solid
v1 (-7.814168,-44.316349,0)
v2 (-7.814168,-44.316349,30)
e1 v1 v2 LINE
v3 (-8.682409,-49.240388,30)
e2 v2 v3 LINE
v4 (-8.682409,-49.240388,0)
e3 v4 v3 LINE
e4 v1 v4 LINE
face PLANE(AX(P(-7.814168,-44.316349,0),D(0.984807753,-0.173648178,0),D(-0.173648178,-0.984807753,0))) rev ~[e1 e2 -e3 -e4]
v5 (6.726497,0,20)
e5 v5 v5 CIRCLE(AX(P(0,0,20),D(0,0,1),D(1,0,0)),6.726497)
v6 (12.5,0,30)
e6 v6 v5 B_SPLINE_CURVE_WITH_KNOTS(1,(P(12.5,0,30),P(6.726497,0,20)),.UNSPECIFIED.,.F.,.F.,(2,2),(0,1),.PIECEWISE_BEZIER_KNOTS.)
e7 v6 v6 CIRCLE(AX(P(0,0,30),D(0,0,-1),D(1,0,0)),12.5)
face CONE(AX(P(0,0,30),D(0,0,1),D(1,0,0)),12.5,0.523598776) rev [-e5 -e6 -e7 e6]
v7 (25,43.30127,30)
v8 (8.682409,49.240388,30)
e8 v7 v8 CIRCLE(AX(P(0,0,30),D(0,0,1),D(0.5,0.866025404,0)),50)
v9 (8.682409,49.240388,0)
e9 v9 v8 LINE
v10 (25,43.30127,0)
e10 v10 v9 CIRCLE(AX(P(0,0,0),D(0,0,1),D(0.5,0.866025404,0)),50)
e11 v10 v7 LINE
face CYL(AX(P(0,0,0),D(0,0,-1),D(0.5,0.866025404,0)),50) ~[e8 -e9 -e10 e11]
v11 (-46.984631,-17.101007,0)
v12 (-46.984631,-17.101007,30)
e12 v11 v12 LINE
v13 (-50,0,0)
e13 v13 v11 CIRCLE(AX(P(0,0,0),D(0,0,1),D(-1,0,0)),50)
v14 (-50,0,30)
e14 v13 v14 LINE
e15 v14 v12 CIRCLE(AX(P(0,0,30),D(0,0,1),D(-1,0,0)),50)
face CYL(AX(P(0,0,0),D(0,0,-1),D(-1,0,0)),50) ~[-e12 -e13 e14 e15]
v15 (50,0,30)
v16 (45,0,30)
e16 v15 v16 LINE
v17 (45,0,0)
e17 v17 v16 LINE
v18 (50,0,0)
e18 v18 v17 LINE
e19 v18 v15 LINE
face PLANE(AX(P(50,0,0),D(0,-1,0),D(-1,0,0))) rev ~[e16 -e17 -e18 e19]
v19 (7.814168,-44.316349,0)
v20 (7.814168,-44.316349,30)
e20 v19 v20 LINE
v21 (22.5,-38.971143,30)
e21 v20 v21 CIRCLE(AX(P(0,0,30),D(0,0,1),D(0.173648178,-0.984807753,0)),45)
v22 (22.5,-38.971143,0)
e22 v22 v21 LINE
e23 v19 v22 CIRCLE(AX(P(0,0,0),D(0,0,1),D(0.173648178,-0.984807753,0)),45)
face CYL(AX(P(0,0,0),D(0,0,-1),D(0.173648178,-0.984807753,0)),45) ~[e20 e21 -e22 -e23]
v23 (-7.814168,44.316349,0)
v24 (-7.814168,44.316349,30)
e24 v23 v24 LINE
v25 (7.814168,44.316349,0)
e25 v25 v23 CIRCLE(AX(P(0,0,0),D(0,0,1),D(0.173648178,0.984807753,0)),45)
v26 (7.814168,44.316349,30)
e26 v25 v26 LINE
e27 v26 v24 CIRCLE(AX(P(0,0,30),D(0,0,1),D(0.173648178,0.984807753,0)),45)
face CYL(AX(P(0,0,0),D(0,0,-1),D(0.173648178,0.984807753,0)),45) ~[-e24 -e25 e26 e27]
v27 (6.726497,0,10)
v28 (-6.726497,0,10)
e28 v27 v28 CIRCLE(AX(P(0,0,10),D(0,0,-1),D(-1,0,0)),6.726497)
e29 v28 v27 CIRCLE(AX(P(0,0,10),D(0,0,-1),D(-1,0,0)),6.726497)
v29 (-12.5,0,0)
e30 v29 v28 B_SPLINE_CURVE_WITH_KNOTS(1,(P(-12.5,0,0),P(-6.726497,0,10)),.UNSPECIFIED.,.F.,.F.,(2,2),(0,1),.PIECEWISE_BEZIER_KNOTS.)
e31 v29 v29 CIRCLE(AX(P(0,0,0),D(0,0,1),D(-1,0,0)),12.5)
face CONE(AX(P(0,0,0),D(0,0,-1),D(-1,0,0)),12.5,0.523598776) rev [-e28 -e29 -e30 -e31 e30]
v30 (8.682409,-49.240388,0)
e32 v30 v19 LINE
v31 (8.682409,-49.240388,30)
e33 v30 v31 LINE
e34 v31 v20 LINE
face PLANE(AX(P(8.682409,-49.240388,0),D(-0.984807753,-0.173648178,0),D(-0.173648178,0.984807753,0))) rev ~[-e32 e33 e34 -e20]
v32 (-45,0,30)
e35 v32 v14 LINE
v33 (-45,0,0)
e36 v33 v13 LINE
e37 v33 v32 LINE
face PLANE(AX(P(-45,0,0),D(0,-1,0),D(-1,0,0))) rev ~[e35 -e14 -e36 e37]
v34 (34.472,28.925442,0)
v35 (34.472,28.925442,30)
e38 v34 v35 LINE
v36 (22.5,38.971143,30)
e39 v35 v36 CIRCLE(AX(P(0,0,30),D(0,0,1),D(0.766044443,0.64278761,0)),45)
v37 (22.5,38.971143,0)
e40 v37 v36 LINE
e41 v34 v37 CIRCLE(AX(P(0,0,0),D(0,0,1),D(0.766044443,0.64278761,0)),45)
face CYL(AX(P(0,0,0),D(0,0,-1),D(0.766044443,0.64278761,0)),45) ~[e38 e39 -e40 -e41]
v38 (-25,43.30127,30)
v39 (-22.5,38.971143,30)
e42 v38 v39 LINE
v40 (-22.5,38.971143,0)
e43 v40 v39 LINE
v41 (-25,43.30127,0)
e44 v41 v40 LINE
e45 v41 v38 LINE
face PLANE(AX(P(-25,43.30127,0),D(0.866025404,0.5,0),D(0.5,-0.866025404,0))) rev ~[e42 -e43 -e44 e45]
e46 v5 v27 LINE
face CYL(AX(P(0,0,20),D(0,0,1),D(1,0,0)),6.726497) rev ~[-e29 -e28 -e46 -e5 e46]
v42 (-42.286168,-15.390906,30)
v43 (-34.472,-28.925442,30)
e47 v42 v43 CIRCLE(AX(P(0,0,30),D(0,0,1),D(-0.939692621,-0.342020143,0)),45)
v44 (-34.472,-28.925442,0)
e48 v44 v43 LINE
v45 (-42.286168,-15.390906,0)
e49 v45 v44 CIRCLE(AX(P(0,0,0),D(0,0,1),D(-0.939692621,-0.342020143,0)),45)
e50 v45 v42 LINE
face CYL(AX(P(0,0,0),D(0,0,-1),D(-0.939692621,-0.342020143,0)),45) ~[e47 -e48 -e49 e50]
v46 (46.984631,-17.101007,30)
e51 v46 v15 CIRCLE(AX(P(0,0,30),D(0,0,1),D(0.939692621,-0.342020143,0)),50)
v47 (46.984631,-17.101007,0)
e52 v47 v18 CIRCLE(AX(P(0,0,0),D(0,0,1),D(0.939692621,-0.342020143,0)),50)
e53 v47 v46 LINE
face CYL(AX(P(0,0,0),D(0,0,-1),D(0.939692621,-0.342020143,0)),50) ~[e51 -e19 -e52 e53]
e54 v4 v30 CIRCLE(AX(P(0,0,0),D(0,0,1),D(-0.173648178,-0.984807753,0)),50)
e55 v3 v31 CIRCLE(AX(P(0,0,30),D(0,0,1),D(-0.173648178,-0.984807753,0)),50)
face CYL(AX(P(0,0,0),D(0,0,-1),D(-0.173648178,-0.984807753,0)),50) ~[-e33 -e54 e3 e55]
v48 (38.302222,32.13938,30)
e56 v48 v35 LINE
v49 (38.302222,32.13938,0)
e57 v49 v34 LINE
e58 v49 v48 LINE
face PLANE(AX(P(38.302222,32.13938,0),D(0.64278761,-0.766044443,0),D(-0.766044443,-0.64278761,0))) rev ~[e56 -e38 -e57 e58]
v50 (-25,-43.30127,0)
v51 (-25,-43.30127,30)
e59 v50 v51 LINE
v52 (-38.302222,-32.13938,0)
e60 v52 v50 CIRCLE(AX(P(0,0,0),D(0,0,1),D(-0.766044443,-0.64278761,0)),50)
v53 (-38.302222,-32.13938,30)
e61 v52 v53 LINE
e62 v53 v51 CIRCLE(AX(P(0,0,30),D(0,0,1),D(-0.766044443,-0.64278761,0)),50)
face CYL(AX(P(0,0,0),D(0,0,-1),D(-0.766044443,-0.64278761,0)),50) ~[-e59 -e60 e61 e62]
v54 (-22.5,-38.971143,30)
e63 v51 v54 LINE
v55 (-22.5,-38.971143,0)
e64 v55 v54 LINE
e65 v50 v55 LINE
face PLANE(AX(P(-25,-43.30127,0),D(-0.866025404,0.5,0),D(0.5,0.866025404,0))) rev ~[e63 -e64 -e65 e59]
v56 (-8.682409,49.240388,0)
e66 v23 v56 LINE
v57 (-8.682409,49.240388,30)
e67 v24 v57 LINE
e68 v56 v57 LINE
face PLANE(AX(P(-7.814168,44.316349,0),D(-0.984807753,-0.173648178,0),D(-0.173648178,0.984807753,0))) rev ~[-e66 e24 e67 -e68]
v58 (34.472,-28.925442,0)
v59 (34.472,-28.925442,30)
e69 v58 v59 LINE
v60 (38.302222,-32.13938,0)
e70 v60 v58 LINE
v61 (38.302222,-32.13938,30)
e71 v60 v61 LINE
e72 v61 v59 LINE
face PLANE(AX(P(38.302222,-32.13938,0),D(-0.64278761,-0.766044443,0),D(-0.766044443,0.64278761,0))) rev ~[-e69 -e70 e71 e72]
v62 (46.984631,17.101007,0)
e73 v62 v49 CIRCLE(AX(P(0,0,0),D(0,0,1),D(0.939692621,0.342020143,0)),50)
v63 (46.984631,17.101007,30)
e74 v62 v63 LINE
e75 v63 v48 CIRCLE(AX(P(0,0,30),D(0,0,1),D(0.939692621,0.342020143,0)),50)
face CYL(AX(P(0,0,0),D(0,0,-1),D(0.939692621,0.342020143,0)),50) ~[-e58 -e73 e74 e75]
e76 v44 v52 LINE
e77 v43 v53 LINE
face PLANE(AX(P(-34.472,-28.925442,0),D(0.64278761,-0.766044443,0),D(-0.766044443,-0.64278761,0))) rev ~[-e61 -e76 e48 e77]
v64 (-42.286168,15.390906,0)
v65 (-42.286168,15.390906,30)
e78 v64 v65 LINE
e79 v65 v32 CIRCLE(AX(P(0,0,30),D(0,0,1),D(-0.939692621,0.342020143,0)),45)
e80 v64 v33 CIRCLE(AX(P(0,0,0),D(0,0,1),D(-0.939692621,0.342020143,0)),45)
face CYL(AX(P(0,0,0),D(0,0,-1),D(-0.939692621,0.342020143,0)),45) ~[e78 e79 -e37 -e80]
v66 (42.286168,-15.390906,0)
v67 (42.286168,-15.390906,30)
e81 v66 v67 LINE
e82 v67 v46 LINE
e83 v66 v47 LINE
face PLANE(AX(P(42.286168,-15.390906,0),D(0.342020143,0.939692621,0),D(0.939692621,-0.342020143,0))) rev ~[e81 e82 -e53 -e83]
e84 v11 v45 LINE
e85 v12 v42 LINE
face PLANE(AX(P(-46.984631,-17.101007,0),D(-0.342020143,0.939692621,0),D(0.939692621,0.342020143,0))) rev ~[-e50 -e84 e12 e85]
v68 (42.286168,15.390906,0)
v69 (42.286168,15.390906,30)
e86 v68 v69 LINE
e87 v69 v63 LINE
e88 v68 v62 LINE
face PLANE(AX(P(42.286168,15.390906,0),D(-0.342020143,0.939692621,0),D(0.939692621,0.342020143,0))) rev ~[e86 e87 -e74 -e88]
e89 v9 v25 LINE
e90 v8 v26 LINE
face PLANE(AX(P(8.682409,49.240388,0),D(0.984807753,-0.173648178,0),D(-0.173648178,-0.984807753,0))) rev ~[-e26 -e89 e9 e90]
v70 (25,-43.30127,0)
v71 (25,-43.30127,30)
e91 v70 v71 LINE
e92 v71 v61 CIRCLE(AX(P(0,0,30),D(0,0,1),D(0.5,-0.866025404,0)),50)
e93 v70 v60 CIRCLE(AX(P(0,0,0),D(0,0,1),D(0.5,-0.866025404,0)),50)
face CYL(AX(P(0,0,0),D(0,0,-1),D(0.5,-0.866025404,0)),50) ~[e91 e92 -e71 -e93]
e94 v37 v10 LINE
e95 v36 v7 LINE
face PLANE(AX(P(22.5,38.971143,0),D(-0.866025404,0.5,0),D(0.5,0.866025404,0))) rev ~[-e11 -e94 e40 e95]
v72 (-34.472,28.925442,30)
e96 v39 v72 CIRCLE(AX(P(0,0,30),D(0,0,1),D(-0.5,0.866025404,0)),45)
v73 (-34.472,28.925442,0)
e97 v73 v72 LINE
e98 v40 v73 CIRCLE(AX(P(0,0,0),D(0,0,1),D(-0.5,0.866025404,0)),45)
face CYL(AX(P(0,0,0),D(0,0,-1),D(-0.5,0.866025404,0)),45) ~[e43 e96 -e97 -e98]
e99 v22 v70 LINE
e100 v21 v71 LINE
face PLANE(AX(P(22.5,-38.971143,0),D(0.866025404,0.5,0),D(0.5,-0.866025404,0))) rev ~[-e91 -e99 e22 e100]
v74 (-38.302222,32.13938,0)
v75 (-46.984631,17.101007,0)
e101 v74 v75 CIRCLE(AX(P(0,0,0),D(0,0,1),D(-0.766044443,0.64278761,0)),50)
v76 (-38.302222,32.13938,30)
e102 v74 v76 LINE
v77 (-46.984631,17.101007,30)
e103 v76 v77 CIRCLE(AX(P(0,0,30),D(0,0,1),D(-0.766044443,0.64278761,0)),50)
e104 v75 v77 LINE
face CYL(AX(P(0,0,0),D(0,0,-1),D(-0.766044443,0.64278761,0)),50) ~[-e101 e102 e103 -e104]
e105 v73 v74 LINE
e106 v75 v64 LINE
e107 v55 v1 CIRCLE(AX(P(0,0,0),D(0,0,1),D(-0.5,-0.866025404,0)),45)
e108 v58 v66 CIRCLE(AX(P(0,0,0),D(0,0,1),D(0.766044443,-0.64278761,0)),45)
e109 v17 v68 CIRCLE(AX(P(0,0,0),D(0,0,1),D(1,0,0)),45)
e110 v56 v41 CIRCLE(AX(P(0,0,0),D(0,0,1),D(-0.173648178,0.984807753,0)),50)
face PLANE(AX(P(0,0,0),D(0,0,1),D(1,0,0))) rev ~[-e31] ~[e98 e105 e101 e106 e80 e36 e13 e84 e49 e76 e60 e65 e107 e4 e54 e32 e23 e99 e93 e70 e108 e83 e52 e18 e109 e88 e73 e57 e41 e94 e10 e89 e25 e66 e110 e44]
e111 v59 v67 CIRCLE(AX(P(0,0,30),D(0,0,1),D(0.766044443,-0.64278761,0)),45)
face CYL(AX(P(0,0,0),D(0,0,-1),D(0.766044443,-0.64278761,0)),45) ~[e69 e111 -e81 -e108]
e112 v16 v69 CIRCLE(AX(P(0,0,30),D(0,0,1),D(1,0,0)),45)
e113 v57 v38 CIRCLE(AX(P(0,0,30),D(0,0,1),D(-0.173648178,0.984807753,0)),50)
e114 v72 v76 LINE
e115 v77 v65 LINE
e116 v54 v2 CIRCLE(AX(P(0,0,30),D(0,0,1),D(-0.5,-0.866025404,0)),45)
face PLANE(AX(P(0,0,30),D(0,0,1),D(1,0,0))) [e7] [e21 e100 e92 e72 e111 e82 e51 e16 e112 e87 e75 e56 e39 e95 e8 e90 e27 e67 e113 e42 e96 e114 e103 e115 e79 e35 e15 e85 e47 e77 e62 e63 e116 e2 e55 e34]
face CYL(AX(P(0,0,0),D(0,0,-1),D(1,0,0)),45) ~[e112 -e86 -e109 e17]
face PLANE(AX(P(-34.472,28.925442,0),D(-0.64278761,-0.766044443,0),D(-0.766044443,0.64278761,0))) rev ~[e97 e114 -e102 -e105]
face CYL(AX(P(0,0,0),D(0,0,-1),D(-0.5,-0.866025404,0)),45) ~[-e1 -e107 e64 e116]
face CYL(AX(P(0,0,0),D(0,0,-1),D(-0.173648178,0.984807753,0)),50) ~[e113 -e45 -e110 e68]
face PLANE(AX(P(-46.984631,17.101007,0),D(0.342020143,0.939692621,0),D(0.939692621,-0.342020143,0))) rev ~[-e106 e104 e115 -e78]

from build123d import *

# Parameters (mm, degrees)
BOSS_EXTRUDE1_DEPTH = 30
SKETCH_2_R          = 12.5
CUT_EXTRUDE1_DEPTH  = 10
CUT_EXTRUDE1_TAPER  = 30
SKETCH3_OUTSIDE_W   = 142.356
SKETCH3_OUTSIDE_H   = 141.596
SKETCH3_OUTSIDE_R   = 12.5
CUT_EXTRUDE4_DEPTH  = 10
CUT_EXTRUDE4_TAPER  = 30
SKETCH8_R           = 6.726497308
CUT_EXTRUDE5_DEPTH  = 60


with BuildPart() as part:
    # Sketch1 → Boss-Extrude1 (new body)
    with BuildSketch(Plane.XY):
        with BuildLine():
            Line((-7.814167995, 44.316348886), (-8.682408883, 49.240387651))
            ThreePointArc((-8.682408883, 49.240387651), (-17.101007166, 46.984631039), (-25, 43.301270189))
            Line((-25, 43.301270189), (-22.5, 38.97114317))
            ThreePointArc((-22.5, 38.97114317), (-28.925442436, 34.47199994), (-34.47199994, 28.925442436))
            Line((-34.47199994, 28.925442436), (-38.302222156, 32.139380484))
            ThreePointArc((-38.302222156, 32.139380484), (-43.301270189, 25), (-46.984631039, 17.101007166))
            Line((-46.984631039, 17.101007166), (-42.286167935, 15.39090645))
            ThreePointArc((-42.286167935, 15.39090645), (-44.316348886, 7.814167995), (-45, 0))
            Line((-45, 0), (-50, 0))
            ThreePointArc((-50, 0), (-49.240387651, -8.682408883), (-46.984631039, -17.101007166))
            Line((-46.984631039, -17.101007166), (-42.286167935, -15.39090645))
            ThreePointArc((-42.286167935, -15.39090645), (-38.97114317, -22.5), (-34.47199994, -28.925442436))
            Line((-34.47199994, -28.925442436), (-38.302222156, -32.139380484))
            ThreePointArc((-38.302222156, -32.139380484), (-32.139380484, -38.302222156), (-25, -43.301270189))
            Line((-25, -43.301270189), (-22.5, -38.97114317))
            ThreePointArc((-22.5, -38.97114317), (-15.39090645, -42.286167935), (-7.814167995, -44.316348886))
            Line((-7.814167995, -44.316348886), (-8.682408883, -49.240387651))
            ThreePointArc((-8.682408883, -49.240387651), (0, -50), (8.682408883, -49.240387651))
            Line((8.682408883, -49.240387651), (7.814167995, -44.316348886))
            ThreePointArc((7.814167995, -44.316348886), (15.39090645, -42.286167935), (22.5, -38.97114317))
            Line((22.5, -38.97114317), (25, -43.301270189))
            ThreePointArc((25, -43.301270189), (32.139380484, -38.302222156), (38.302222156, -32.139380484))
            Line((38.302222156, -32.139380484), (34.47199994, -28.925442436))
            ThreePointArc((34.47199994, -28.925442436), (38.97114317, -22.5), (42.286167935, -15.39090645))
            Line((42.286167935, -15.39090645), (46.984631039, -17.101007166))
            ThreePointArc((46.984631039, -17.101007166), (49.240387651, -8.682408883), (50, 0))
            Line((50, 0), (45, 0))
            ThreePointArc((45, 0), (44.316348886, 7.814167995), (42.286167935, 15.39090645))
            Line((42.286167935, 15.39090645), (46.984631039, 17.101007166))
            ThreePointArc((46.984631039, 17.101007166), (43.301270189, 25), (38.302222156, 32.139380484))
            Line((38.302222156, 32.139380484), (34.47199994, 28.925442436))
            ThreePointArc((34.47199994, 28.925442436), (28.925442436, 34.47199994), (22.5, 38.97114317))
            Line((22.5, 38.97114317), (25, 43.301270189))
            ThreePointArc((25, 43.301270189), (17.101007166, 46.984631039), (8.682408883, 49.240387651))
            Line((8.682408883, 49.240387651), (7.814167995, 44.316348886))
            ThreePointArc((7.814167995, 44.316348886), (0, 45), (-7.814167995, 44.316348886))
        make_face()
    extrude(amount=BOSS_EXTRUDE1_DEPTH)

    # Sketch 2 → Cut-Extrude1 (cut)
    with BuildSketch(Plane.XY.offset(30)):
        Circle(SKETCH_2_R)
    extrude(amount=-CUT_EXTRUDE1_DEPTH, taper=CUT_EXTRUDE1_TAPER, mode=Mode.SUBTRACT)

    # Sketch3 outside → Cut-Extrude4 (cut)
    with BuildSketch(Plane(origin=(0, 0, 0), x_dir=(-1, 0, 0), z_dir=(0, 0, -1))):
        with Locations((0, -0.38)):
            Rectangle(SKETCH3_OUTSIDE_W, SKETCH3_OUTSIDE_H)
        with BuildLine():
            Line((-7.814167995, 44.316348886), (-8.682408883, 49.240387651))
            ThreePointArc((-8.682408883, 49.240387651), (-17.101007166, 46.984631039), (-25, 43.301270189))
            Line((-25, 43.301270189), (-22.5, 38.97114317))
            ThreePointArc((-22.5, 38.97114317), (-28.925442436, 34.47199994), (-34.47199994, 28.925442436))
            Line((-34.47199994, 28.925442436), (-38.302222156, 32.139380484))
            ThreePointArc((-38.302222156, 32.139380484), (-43.301270189, 25), (-46.984631039, 17.101007166))
            Line((-46.984631039, 17.101007166), (-42.286167935, 15.39090645))
            ThreePointArc((-42.286167935, 15.39090645), (-44.316348886, 7.814167995), (-45, 0))
            Line((-45, 0), (-50, 0))
            ThreePointArc((-50, 0), (-49.240387651, -8.682408883), (-46.984631039, -17.101007166))
            Line((-46.984631039, -17.101007166), (-42.286167935, -15.39090645))
            ThreePointArc((-42.286167935, -15.39090645), (-38.97114317, -22.5), (-34.47199994, -28.925442436))
            Line((-34.47199994, -28.925442436), (-38.302222156, -32.139380484))
            ThreePointArc((-38.302222156, -32.139380484), (-32.139380484, -38.302222156), (-25, -43.301270189))
            Line((-25, -43.301270189), (-22.5, -38.97114317))
            ThreePointArc((-22.5, -38.97114317), (-15.39090645, -42.286167935), (-7.814167995, -44.316348886))
            Line((-7.814167995, -44.316348886), (-8.682408883, -49.240387651))
            ThreePointArc((-8.682408883, -49.240387651), (0, -50), (8.682408883, -49.240387651))
            Line((8.682408883, -49.240387651), (7.814167995, -44.316348886))
            ThreePointArc((7.814167995, -44.316348886), (15.39090645, -42.286167935), (22.5, -38.97114317))
            Line((22.5, -38.97114317), (25, -43.301270189))
            ThreePointArc((25, -43.301270189), (32.139380484, -38.302222156), (38.302222156, -32.139380484))
            Line((38.302222156, -32.139380484), (34.47199994, -28.925442436))
            ThreePointArc((34.47199994, -28.925442436), (38.97114317, -22.5), (42.286167935, -15.39090645))
            Line((42.286167935, -15.39090645), (46.984631039, -17.101007166))
            ThreePointArc((46.984631039, -17.101007166), (49.240387651, -8.682408883), (50, 0))
            Line((50, 0), (45, 0))
            ThreePointArc((45, 0), (44.316348886, 7.814167995), (42.286167935, 15.39090645))
            Line((42.286167935, 15.39090645), (46.984631039, 17.101007166))
            ThreePointArc((46.984631039, 17.101007166), (43.301270189, 25), (38.302222156, 32.139380484))
            Line((38.302222156, 32.139380484), (34.47199994, 28.925442436))
            ThreePointArc((34.47199994, 28.925442436), (28.925442436, 34.47199994), (22.5, 38.97114317))
            Line((22.5, 38.97114317), (25, 43.301270189))
            ThreePointArc((25, 43.301270189), (17.101007166, 46.984631039), (8.682408883, 49.240387651))
            Line((8.682408883, 49.240387651), (7.814167995, 44.316348886))
            ThreePointArc((7.814167995, 44.316348886), (0, 45), (-7.814167995, 44.316348886))
        make_face(mode=Mode.SUBTRACT)
        Circle(SKETCH3_OUTSIDE_R)
    extrude(amount=-CUT_EXTRUDE4_DEPTH, taper=CUT_EXTRUDE4_TAPER, mode=Mode.SUBTRACT)

    # Sketch8 → Cut-Extrude5 (cut)
    with BuildSketch(Plane.XY.offset(20)):
        Circle(SKETCH8_R)
    extrude(amount=-CUT_EXTRUDE5_DEPTH, mode=Mode.SUBTRACT)


solid = part.part
